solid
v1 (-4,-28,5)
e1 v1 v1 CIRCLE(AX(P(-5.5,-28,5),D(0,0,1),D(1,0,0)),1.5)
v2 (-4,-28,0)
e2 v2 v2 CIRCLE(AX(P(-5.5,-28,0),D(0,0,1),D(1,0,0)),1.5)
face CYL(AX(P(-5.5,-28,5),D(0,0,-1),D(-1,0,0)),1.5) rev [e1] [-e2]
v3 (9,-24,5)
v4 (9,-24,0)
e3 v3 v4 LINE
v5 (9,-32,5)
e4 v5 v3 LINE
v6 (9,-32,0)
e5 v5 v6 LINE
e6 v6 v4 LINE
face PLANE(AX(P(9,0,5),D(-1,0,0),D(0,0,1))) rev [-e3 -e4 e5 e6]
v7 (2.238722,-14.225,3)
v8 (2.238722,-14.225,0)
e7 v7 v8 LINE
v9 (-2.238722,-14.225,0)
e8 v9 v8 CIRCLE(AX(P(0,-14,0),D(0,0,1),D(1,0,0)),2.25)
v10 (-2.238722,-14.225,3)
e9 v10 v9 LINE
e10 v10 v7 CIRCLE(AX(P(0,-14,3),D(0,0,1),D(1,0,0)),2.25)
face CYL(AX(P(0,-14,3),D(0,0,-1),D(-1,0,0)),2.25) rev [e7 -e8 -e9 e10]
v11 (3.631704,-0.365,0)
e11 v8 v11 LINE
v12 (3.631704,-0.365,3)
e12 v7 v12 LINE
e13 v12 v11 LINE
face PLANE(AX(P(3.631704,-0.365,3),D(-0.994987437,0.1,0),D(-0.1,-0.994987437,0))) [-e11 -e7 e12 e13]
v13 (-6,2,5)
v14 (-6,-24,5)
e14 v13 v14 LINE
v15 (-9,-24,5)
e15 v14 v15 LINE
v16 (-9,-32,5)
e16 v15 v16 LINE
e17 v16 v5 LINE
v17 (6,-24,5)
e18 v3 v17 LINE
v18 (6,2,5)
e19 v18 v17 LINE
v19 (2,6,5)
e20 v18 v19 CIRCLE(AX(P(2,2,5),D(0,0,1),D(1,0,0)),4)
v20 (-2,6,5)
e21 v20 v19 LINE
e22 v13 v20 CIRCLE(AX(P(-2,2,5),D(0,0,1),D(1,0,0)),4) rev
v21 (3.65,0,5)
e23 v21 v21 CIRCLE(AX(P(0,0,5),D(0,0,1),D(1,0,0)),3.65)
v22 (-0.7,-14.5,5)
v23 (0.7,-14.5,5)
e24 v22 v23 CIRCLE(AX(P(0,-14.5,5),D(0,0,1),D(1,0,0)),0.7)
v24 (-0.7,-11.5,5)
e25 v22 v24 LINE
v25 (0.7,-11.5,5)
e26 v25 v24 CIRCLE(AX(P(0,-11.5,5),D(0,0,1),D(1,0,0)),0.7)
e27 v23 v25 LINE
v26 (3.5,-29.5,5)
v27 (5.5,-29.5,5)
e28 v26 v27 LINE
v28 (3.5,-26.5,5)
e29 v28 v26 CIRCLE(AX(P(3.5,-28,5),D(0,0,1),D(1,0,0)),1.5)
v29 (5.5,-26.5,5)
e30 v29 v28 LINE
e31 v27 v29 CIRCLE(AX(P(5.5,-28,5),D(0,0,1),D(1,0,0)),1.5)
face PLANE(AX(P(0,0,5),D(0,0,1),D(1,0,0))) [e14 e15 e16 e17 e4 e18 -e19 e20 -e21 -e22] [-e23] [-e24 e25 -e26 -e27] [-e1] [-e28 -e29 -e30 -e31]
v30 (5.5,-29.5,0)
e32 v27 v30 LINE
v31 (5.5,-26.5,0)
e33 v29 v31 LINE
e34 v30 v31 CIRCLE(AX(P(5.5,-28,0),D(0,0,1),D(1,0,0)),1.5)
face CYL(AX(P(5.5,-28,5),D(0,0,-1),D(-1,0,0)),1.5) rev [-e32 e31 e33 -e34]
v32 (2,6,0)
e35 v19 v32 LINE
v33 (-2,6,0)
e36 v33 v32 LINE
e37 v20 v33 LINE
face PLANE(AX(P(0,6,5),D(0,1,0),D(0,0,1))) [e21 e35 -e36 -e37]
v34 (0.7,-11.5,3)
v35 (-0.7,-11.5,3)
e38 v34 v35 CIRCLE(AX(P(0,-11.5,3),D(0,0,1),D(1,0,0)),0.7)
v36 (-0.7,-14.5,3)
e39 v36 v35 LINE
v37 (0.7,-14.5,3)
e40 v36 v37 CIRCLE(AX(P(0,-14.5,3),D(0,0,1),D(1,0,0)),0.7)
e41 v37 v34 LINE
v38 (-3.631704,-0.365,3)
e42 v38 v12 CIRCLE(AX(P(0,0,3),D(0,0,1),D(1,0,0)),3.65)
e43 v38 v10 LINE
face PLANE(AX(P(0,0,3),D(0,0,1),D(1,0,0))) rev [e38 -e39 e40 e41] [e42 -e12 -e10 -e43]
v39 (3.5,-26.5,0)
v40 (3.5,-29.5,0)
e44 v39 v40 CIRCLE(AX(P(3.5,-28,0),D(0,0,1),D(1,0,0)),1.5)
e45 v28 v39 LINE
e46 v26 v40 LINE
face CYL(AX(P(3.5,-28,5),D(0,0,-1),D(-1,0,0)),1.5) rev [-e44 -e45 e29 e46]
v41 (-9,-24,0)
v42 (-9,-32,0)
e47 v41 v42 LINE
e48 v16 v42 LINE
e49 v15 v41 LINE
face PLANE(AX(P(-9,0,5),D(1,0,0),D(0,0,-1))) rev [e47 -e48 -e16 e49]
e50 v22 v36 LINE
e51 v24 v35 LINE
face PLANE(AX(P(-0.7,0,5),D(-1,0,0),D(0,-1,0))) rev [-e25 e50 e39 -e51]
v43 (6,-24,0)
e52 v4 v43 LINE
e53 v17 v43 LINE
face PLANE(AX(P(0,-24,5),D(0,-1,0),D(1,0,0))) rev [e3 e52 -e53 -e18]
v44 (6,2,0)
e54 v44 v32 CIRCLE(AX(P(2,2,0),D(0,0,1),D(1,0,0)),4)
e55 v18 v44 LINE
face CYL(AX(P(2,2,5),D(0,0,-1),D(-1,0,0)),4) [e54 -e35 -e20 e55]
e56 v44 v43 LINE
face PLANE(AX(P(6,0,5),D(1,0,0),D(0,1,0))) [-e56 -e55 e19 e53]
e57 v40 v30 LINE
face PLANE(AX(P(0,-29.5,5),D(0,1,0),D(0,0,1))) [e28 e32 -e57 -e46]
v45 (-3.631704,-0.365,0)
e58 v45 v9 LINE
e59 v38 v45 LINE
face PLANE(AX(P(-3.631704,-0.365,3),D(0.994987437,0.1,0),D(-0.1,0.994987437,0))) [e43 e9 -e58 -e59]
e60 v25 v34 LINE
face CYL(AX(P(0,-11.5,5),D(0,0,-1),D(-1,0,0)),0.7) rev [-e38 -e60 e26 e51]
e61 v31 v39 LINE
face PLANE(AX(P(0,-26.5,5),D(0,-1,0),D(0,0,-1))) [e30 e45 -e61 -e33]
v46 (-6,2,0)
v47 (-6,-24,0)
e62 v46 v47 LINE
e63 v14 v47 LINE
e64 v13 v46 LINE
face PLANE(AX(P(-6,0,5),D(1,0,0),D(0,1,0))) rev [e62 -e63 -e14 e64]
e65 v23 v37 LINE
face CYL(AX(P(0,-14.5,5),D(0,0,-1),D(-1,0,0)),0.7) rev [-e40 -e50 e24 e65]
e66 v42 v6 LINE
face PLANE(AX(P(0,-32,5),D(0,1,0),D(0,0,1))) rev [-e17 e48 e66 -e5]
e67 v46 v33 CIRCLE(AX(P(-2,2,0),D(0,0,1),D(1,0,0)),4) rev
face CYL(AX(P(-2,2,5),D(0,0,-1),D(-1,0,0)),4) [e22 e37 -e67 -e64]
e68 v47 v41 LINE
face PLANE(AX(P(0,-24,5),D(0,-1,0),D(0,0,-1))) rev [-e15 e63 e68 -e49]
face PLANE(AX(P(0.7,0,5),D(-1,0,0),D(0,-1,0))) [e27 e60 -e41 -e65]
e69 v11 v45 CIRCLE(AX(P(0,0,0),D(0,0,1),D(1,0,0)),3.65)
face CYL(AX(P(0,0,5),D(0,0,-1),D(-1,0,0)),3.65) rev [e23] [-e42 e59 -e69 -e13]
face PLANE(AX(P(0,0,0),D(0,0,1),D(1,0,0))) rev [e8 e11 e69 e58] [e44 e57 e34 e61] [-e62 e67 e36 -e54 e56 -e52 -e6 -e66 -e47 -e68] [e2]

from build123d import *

# Parameters (mm, degrees)
ESBO_O1_R                = 1.5
ESBO_O1_R_2              = 3.65
RESSALTO_EXTRUS_O1_DEPTH = 5
CORTE_EXTRUS_O1_DEPTH    = 3


with BuildPart() as part:
    # Esboço1 → Ressalto-extrusão1 (new body)
    with BuildSketch(Plane.XY):
        with BuildLine():
            ThreePointArc((-2, 6), (-4.828427125, 4.828427125), (-6, 2))
            Line((-6, 2), (-6, -24))
            Line((-6, -24), (-9, -24))
            Line((-9, -24), (-9, -32))
            Line((-9, -32), (9, -32))
            Line((9, -32), (9, -24))
            Line((9, -24), (6, -24))
            Line((6, -24), (6, 2))
            ThreePointArc((6, 2), (4.828427125, 4.828427125), (2, 6))
            Line((2, 6), (-2, 6))
        make_face()
        with Locations((-5.5, -28)):
            Circle(ESBO_O1_R, mode=Mode.SUBTRACT)
        with BuildLine():
            Line((3.5, -26.5), (5.5, -26.5))
            ThreePointArc((5.5, -26.5), (7, -28), (5.5, -29.5))
            Line((5.5, -29.5), (3.5, -29.5))
            ThreePointArc((3.5, -29.5), (2, -28), (3.5, -26.5))
        make_face(mode=Mode.SUBTRACT)
        Circle(ESBO_O1_R_2, mode=Mode.SUBTRACT)
        with BuildLine():
            Line((0.7, -11.5), (0.7, -14.5))
            ThreePointArc((0.7, -14.5), (0, -15.2), (-0.7, -14.5))
            Line((-0.7, -14.5), (-0.7, -11.5))
            ThreePointArc((-0.7, -11.5), (0, -10.8), (0.7, -11.5))
        make_face(mode=Mode.SUBTRACT)
    extrude(amount=RESSALTO_EXTRUS_O1_DEPTH)

    # Esboço1<3> → Corte-extrusão1 (cut)
    with BuildSketch(Plane.XY):
        with BuildLine():
            ThreePointArc((-2.238721733, -14.225), (0, -16.25), (2.238721733, -14.225))
            Line((2.238721733, -14.225), (3.631704145, -0.365))
            ThreePointArc((3.631704145, -0.365), (0, -3.65), (-3.631704145, -0.365))
            Line((-3.631704145, -0.365), (-2.238721733, -14.225))
        make_face()
        with BuildLine():
            ThreePointArc((0.7, -14.5), (0, -15.2), (-0.7, -14.5))
            Line((-0.7, -14.5), (-0.7, -11.5))
            ThreePointArc((-0.7, -11.5), (0, -10.8), (0.7, -11.5))
            Line((0.7, -11.5), (0.7, -14.5))
        make_face(mode=Mode.SUBTRACT)
    extrude(amount=CORTE_EXTRUS_O1_DEPTH, mode=Mode.SUBTRACT)


solid = part.part
